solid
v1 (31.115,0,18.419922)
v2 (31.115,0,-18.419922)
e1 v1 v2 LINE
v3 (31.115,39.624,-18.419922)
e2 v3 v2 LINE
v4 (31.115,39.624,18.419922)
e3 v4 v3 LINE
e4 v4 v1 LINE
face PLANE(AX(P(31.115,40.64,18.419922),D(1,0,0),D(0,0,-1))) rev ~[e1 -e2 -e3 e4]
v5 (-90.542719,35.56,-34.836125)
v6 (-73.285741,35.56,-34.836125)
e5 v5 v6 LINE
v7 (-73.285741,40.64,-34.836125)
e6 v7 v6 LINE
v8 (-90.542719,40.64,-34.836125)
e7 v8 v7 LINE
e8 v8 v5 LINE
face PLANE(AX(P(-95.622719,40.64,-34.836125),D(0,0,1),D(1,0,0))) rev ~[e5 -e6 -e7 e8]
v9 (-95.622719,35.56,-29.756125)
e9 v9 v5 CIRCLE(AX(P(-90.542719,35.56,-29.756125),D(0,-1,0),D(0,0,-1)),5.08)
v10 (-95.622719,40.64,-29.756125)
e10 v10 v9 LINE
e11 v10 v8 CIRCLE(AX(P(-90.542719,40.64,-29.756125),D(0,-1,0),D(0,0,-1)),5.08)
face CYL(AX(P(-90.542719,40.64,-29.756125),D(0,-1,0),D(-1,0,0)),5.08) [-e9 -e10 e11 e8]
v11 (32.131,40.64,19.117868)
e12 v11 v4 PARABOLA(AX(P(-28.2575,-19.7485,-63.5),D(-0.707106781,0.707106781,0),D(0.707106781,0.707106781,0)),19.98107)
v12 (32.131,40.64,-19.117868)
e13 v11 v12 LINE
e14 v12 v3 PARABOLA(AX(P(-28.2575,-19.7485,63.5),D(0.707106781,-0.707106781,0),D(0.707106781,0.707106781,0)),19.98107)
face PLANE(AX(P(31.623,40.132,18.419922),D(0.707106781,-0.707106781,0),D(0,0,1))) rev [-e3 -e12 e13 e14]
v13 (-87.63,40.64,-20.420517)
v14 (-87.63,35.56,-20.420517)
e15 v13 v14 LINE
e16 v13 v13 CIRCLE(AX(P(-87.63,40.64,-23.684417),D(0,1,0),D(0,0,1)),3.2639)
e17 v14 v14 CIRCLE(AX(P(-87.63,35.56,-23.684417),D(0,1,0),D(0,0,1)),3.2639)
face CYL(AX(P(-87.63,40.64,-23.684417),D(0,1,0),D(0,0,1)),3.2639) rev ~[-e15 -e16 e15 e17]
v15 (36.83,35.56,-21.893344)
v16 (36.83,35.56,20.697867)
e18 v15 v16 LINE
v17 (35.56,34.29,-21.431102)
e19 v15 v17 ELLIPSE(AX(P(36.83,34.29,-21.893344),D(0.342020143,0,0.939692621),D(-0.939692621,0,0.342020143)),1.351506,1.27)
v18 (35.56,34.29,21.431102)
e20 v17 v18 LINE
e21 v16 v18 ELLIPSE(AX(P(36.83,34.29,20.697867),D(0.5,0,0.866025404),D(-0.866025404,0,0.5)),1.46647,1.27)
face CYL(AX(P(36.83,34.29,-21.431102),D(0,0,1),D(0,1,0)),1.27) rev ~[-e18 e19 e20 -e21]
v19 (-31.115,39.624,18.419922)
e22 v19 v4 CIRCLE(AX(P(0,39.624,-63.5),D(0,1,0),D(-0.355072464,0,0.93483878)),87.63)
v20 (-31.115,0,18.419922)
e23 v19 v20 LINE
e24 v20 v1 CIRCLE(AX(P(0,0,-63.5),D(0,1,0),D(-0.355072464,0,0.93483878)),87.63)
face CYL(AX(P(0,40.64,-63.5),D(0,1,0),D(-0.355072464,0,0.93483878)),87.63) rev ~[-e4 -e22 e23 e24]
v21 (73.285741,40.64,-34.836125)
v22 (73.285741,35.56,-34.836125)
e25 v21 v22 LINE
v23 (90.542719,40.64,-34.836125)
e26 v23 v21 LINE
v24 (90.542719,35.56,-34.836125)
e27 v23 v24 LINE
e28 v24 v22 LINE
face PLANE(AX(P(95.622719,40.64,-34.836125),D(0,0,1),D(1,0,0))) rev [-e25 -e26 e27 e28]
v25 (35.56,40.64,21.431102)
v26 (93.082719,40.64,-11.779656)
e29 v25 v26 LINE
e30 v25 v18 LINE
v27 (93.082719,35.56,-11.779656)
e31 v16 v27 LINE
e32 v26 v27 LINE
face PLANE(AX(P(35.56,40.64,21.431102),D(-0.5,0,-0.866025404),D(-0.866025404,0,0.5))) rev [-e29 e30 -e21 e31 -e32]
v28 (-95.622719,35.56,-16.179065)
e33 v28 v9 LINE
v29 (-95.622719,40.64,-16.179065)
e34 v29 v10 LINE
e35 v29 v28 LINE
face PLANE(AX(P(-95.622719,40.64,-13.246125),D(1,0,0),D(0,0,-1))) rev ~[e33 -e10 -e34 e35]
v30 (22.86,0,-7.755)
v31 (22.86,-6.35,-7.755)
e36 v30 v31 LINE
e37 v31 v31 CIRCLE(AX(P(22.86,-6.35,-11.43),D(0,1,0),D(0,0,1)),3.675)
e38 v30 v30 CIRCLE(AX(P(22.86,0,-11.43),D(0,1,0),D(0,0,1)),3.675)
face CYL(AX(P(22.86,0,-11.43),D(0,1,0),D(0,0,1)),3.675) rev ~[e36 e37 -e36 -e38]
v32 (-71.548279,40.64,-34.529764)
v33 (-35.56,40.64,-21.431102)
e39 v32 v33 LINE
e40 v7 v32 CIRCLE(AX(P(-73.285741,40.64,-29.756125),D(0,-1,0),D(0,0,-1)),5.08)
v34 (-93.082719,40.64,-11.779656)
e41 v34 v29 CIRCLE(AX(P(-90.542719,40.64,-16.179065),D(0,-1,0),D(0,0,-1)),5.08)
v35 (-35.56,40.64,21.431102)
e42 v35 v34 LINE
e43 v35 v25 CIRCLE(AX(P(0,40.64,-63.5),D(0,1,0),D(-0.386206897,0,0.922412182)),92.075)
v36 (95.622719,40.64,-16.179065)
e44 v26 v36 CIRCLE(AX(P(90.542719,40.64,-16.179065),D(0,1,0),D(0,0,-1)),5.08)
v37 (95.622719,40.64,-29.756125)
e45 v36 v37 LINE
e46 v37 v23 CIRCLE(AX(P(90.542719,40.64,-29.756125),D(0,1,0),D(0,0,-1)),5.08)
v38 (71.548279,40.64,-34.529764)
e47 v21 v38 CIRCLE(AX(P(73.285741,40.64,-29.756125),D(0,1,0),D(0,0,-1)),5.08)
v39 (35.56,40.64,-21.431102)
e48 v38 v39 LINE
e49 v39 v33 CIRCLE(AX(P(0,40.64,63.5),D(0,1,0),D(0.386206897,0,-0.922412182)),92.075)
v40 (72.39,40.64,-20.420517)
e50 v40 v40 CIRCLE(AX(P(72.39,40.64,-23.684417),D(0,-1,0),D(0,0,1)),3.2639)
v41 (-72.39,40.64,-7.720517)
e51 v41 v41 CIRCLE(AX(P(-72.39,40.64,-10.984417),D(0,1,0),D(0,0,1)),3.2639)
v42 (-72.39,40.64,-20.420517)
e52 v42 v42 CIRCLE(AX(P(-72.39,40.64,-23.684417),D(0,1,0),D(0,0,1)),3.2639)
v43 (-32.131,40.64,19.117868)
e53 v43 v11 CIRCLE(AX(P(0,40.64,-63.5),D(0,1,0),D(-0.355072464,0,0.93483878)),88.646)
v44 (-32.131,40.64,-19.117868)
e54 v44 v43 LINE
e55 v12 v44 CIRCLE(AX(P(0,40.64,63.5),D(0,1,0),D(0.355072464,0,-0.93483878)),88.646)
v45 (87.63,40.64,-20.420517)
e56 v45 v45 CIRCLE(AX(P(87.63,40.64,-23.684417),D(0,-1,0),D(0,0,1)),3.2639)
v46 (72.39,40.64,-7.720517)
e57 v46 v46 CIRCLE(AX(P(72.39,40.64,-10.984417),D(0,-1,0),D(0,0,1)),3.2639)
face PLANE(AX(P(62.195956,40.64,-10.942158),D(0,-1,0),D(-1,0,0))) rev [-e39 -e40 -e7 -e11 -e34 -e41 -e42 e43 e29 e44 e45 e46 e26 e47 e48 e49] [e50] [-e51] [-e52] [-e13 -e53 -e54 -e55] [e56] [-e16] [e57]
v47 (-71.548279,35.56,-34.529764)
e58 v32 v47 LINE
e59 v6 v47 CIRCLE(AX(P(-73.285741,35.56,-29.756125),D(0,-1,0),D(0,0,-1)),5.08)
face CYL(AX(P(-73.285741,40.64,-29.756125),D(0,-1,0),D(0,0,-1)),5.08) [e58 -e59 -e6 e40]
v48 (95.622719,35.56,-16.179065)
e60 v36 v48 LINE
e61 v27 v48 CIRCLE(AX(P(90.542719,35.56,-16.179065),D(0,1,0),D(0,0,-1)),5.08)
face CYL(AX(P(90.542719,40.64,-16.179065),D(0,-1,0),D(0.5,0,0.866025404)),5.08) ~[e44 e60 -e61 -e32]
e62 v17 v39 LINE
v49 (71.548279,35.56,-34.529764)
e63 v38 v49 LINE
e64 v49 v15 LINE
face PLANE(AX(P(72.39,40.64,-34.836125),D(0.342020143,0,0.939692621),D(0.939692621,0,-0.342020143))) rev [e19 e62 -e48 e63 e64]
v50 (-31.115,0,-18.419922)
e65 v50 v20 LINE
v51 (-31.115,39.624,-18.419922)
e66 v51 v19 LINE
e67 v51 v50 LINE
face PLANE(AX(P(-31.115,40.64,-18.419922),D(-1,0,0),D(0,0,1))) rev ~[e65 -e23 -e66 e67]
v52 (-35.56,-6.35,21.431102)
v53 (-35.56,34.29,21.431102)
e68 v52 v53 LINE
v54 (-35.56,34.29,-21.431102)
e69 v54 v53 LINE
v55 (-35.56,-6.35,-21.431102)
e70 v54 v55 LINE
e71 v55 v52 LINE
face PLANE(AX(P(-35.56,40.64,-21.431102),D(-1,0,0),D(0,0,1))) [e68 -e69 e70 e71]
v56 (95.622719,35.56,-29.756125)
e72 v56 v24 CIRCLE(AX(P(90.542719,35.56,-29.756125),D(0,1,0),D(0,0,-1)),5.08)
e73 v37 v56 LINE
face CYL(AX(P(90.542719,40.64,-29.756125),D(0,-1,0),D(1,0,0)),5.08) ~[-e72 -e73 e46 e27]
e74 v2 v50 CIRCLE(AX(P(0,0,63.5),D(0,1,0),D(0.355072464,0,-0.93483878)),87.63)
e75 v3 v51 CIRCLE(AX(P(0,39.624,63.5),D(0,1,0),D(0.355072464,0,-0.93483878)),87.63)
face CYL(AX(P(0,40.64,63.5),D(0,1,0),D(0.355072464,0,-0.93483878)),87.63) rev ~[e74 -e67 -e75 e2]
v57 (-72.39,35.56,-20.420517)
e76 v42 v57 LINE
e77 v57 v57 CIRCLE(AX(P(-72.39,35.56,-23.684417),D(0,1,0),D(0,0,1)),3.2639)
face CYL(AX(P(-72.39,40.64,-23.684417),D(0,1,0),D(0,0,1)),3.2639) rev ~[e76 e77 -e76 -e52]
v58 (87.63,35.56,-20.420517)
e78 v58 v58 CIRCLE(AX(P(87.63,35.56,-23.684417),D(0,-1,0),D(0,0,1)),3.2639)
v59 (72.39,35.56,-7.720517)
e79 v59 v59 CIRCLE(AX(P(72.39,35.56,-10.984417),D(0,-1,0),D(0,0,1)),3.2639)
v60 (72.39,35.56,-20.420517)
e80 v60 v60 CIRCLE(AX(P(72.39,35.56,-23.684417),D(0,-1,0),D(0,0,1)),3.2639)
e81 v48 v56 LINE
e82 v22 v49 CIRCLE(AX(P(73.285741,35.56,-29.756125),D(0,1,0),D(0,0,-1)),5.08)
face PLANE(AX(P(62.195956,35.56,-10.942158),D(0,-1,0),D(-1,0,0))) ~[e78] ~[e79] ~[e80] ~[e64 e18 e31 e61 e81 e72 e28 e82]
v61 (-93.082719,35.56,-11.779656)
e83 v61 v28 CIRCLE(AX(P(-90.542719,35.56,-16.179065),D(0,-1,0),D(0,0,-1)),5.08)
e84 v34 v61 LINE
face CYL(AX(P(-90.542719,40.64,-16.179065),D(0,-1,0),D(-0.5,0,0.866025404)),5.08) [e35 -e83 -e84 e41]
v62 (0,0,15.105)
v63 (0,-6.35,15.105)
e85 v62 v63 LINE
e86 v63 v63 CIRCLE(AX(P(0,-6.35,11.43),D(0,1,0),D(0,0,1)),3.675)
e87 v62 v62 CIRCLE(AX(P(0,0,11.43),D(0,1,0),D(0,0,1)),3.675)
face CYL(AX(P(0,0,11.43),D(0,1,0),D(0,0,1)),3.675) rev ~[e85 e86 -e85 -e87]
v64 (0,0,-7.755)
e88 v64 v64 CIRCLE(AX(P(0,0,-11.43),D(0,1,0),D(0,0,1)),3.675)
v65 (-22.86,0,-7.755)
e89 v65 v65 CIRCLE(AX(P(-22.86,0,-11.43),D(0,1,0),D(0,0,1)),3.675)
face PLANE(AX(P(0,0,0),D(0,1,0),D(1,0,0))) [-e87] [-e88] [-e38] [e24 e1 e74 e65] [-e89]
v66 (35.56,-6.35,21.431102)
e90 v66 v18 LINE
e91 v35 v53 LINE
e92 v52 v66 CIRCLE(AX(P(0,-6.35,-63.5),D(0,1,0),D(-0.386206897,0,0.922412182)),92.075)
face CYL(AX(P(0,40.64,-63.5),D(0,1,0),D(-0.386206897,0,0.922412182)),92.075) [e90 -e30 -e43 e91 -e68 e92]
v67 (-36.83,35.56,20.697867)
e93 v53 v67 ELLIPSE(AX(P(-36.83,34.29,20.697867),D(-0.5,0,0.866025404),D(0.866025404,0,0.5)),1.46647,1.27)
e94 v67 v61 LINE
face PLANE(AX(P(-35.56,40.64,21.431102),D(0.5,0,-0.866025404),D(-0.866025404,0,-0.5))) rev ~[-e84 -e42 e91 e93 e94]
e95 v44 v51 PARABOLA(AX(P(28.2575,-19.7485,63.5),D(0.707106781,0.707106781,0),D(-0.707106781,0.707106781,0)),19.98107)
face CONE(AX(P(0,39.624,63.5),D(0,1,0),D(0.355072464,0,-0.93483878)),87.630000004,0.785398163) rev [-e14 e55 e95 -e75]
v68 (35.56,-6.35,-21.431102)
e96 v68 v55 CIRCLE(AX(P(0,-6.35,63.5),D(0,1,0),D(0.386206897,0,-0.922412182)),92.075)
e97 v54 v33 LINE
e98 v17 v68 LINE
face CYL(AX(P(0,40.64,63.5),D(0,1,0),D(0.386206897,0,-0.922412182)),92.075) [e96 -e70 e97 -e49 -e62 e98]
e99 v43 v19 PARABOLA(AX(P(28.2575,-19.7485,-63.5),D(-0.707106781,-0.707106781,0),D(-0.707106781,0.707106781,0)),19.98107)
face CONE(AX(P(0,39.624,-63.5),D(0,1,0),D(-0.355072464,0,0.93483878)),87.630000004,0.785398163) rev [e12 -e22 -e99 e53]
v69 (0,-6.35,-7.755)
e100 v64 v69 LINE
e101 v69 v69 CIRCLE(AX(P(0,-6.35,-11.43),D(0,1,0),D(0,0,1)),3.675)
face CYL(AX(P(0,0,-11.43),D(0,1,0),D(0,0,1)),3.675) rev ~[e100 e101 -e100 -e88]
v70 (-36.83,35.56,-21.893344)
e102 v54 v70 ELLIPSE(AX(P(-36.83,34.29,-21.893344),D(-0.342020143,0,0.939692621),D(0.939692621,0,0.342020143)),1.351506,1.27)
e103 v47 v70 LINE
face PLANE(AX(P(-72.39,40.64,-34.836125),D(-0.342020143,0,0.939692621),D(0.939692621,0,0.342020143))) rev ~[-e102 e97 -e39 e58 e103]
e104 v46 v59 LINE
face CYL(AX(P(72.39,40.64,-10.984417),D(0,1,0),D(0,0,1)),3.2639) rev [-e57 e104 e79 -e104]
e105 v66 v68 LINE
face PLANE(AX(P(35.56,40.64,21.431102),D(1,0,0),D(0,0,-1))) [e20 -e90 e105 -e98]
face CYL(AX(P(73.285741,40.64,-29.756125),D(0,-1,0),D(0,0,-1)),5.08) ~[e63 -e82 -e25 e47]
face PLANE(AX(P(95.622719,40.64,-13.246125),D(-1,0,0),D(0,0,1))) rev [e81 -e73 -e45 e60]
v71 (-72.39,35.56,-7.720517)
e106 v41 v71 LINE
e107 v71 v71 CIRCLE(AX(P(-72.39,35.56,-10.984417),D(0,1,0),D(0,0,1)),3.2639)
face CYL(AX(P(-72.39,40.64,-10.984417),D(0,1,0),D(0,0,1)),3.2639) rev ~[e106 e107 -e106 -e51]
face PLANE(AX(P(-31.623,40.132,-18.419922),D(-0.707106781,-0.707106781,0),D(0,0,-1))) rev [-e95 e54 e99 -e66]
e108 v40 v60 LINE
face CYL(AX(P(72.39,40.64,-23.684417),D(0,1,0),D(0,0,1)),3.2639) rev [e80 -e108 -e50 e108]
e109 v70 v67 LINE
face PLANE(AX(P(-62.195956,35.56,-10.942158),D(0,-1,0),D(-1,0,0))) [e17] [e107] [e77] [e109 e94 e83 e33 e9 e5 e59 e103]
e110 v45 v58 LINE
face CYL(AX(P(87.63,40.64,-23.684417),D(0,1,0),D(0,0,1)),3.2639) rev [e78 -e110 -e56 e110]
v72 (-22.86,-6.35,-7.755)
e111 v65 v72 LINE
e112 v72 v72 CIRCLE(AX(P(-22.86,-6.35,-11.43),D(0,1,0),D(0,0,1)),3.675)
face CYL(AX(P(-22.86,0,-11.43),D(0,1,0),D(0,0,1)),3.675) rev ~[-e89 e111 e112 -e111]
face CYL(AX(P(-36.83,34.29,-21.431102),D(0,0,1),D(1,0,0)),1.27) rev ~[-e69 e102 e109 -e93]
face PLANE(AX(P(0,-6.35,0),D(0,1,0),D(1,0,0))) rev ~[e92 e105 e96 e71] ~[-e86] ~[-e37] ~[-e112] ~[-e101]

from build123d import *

# Parameters (mm, degrees)
SKETCH1_R            = 3.675
BOSS_EXTRUDE1_DEPTH  = 6.35
BOSS_EXTRUDE2_START  = 40.64
BOSS_EXTRUDE2_DEPTH  = 40.64
CHAMFER1_SIZE        = 1.016
SKETCH3_R            = 3.2639
BOSS_EXTRUDE3_DEPTH  = 5.08
FILLET1_R            = 5.08
FILLET1_OF_MIRROR1_R = 5.08
FILLET2_R            = 1.27


with BuildPart() as part:
    # Sketch1 → Boss-Extrude1 (new body)
    with BuildSketch(Plane(origin=(0, 0, 0), x_dir=(1, 0, 0), z_dir=(0, 1, 0))):
        with BuildLine():
            Line((-35.56, 21.431101635), (-35.56, -21.431101635))
            ThreePointArc((-35.56, -21.431101635), (0, -28.575), (35.56, -21.431101635))
            Line((35.56, -21.431101635), (35.56, 21.431101635))
            ThreePointArc((35.56, 21.431101635), (0, 28.575), (-35.56, 21.431101635))
        make_face()
        with Locations(Location((-22.86, 11.43, 0), (0, 0, 270))):
            Circle(SKETCH1_R, mode=Mode.SUBTRACT)
        with Locations(Location((0, 11.43, 0), (0, 0, 270))):
            Circle(SKETCH1_R, mode=Mode.SUBTRACT)
        with Locations(Location((22.86, 11.43, 0), (0, 0, 270))):
            Circle(SKETCH1_R, mode=Mode.SUBTRACT)
        with Locations(Location((0, -11.43, 0), (0, 0, 270))):
            Circle(SKETCH1_R, mode=Mode.SUBTRACT)
    extrude(amount=-BOSS_EXTRUDE1_DEPTH)

    # Sketch2 → Boss-Extrude2 (add)
    with BuildSketch(Plane(origin=(0, 0, 0), x_dir=(1, 0, 0), z_dir=(0, 1, 0)).offset(BOSS_EXTRUDE2_START)):
        with BuildLine():
            Line((-35.56, 21.431101635), (-35.56, -21.431101635))
            ThreePointArc((-35.56, -21.431101635), (0, -28.575), (35.56, -21.431101635))
            Line((35.56, -21.431101635), (35.56, 21.431101635))
            ThreePointArc((35.56, 21.431101635), (0, 28.575), (-35.56, 21.431101635))
        make_face()
        with BuildLine():
            Line((-31.115, 18.419922333), (-31.115, -18.419922333))
            ThreePointArc((-31.115, -18.419922333), (0, -24.13), (31.115, -18.419922333))
            Line((31.115, -18.419922333), (31.115, 18.419922333))
            ThreePointArc((31.115, 18.419922333), (0, 24.13), (-31.115, 18.419922333))
        make_face(mode=Mode.SUBTRACT)
    extrude(amount=-BOSS_EXTRUDE2_DEPTH)

    # Chamfer1
    chamfer1_edges = [part.edges().sort_by_distance(p)[0] for p in [
        (0, 40.64, -24.13),
        (-31.115, 40.64, 0),
        (0, 40.64, 24.13),
        (31.115, 40.64, 0),
    ]]
    chamfer(chamfer1_edges, length=CHAMFER1_SIZE)

    # Sketch3 → Boss-Extrude3 (add)
    with BuildSketch(Plane(origin=(0, 40.64, 0), x_dir=(1, 0, 0), z_dir=(0, 1, 0))):
        Polygon((-35.56, -21.431101635), (-95.622719028, 13.246125363), (-95.622719028, 34.836125363), (-72.39, 34.836125363), (-35.56, 21.431101635), align=None)
        with Locations(Location((-87.63, 23.684417071, 0), (0, 0, 270))):
            Circle(SKETCH3_R, mode=Mode.SUBTRACT)
        with Locations(Location((-72.39, 23.684417071, 0), (0, 0, 270))):
            Circle(SKETCH3_R, mode=Mode.SUBTRACT)
        with Locations(Location((-72.39, 10.984417071, 0), (0, 0, 270))):
            Circle(SKETCH3_R, mode=Mode.SUBTRACT)
    boss_extrude3 = extrude(amount=-BOSS_EXTRUDE3_DEPTH)

    # Fillet1
    fillet1_edges = [part.edges().sort_by_distance(p)[0] for p in [
        (-95.622719028, 38.1, -13.246125363),
        (-95.622719028, 38.1, -34.836125363),
        (-72.39, 38.1, -34.836125363),
    ]]
    fillet(fillet1_edges, radius=FILLET1_R)

    # Mirror1: Boss-Extrude3 across plane
    add(boss_extrude3.mirror(Plane(origin=(0, 0, 0), x_dir=(0, 0, 1), z_dir=(1, 0, 0))))

    # Fillet1 of Mirror1
    fillet1_of_mirror1_edges = [part.edges().sort_by_distance(p)[0] for p in [
        (95.622719028, 38.1, -13.246125363),
        (95.622719028, 38.1, -34.836125363),
        (72.39, 38.1, -34.836125363),
    ]]
    fillet(fillet1_of_mirror1_edges, radius=FILLET1_OF_MIRROR1_R)

    # Fillet2
    fillet2_edges = [part.edges().sort_by_distance(p)[0] for p in [
        (35.56, 35.56, 0),
        (-35.56, 35.56, 0),
    ]]
    fillet(fillet2_edges, radius=FILLET2_R)


solid = part.part
